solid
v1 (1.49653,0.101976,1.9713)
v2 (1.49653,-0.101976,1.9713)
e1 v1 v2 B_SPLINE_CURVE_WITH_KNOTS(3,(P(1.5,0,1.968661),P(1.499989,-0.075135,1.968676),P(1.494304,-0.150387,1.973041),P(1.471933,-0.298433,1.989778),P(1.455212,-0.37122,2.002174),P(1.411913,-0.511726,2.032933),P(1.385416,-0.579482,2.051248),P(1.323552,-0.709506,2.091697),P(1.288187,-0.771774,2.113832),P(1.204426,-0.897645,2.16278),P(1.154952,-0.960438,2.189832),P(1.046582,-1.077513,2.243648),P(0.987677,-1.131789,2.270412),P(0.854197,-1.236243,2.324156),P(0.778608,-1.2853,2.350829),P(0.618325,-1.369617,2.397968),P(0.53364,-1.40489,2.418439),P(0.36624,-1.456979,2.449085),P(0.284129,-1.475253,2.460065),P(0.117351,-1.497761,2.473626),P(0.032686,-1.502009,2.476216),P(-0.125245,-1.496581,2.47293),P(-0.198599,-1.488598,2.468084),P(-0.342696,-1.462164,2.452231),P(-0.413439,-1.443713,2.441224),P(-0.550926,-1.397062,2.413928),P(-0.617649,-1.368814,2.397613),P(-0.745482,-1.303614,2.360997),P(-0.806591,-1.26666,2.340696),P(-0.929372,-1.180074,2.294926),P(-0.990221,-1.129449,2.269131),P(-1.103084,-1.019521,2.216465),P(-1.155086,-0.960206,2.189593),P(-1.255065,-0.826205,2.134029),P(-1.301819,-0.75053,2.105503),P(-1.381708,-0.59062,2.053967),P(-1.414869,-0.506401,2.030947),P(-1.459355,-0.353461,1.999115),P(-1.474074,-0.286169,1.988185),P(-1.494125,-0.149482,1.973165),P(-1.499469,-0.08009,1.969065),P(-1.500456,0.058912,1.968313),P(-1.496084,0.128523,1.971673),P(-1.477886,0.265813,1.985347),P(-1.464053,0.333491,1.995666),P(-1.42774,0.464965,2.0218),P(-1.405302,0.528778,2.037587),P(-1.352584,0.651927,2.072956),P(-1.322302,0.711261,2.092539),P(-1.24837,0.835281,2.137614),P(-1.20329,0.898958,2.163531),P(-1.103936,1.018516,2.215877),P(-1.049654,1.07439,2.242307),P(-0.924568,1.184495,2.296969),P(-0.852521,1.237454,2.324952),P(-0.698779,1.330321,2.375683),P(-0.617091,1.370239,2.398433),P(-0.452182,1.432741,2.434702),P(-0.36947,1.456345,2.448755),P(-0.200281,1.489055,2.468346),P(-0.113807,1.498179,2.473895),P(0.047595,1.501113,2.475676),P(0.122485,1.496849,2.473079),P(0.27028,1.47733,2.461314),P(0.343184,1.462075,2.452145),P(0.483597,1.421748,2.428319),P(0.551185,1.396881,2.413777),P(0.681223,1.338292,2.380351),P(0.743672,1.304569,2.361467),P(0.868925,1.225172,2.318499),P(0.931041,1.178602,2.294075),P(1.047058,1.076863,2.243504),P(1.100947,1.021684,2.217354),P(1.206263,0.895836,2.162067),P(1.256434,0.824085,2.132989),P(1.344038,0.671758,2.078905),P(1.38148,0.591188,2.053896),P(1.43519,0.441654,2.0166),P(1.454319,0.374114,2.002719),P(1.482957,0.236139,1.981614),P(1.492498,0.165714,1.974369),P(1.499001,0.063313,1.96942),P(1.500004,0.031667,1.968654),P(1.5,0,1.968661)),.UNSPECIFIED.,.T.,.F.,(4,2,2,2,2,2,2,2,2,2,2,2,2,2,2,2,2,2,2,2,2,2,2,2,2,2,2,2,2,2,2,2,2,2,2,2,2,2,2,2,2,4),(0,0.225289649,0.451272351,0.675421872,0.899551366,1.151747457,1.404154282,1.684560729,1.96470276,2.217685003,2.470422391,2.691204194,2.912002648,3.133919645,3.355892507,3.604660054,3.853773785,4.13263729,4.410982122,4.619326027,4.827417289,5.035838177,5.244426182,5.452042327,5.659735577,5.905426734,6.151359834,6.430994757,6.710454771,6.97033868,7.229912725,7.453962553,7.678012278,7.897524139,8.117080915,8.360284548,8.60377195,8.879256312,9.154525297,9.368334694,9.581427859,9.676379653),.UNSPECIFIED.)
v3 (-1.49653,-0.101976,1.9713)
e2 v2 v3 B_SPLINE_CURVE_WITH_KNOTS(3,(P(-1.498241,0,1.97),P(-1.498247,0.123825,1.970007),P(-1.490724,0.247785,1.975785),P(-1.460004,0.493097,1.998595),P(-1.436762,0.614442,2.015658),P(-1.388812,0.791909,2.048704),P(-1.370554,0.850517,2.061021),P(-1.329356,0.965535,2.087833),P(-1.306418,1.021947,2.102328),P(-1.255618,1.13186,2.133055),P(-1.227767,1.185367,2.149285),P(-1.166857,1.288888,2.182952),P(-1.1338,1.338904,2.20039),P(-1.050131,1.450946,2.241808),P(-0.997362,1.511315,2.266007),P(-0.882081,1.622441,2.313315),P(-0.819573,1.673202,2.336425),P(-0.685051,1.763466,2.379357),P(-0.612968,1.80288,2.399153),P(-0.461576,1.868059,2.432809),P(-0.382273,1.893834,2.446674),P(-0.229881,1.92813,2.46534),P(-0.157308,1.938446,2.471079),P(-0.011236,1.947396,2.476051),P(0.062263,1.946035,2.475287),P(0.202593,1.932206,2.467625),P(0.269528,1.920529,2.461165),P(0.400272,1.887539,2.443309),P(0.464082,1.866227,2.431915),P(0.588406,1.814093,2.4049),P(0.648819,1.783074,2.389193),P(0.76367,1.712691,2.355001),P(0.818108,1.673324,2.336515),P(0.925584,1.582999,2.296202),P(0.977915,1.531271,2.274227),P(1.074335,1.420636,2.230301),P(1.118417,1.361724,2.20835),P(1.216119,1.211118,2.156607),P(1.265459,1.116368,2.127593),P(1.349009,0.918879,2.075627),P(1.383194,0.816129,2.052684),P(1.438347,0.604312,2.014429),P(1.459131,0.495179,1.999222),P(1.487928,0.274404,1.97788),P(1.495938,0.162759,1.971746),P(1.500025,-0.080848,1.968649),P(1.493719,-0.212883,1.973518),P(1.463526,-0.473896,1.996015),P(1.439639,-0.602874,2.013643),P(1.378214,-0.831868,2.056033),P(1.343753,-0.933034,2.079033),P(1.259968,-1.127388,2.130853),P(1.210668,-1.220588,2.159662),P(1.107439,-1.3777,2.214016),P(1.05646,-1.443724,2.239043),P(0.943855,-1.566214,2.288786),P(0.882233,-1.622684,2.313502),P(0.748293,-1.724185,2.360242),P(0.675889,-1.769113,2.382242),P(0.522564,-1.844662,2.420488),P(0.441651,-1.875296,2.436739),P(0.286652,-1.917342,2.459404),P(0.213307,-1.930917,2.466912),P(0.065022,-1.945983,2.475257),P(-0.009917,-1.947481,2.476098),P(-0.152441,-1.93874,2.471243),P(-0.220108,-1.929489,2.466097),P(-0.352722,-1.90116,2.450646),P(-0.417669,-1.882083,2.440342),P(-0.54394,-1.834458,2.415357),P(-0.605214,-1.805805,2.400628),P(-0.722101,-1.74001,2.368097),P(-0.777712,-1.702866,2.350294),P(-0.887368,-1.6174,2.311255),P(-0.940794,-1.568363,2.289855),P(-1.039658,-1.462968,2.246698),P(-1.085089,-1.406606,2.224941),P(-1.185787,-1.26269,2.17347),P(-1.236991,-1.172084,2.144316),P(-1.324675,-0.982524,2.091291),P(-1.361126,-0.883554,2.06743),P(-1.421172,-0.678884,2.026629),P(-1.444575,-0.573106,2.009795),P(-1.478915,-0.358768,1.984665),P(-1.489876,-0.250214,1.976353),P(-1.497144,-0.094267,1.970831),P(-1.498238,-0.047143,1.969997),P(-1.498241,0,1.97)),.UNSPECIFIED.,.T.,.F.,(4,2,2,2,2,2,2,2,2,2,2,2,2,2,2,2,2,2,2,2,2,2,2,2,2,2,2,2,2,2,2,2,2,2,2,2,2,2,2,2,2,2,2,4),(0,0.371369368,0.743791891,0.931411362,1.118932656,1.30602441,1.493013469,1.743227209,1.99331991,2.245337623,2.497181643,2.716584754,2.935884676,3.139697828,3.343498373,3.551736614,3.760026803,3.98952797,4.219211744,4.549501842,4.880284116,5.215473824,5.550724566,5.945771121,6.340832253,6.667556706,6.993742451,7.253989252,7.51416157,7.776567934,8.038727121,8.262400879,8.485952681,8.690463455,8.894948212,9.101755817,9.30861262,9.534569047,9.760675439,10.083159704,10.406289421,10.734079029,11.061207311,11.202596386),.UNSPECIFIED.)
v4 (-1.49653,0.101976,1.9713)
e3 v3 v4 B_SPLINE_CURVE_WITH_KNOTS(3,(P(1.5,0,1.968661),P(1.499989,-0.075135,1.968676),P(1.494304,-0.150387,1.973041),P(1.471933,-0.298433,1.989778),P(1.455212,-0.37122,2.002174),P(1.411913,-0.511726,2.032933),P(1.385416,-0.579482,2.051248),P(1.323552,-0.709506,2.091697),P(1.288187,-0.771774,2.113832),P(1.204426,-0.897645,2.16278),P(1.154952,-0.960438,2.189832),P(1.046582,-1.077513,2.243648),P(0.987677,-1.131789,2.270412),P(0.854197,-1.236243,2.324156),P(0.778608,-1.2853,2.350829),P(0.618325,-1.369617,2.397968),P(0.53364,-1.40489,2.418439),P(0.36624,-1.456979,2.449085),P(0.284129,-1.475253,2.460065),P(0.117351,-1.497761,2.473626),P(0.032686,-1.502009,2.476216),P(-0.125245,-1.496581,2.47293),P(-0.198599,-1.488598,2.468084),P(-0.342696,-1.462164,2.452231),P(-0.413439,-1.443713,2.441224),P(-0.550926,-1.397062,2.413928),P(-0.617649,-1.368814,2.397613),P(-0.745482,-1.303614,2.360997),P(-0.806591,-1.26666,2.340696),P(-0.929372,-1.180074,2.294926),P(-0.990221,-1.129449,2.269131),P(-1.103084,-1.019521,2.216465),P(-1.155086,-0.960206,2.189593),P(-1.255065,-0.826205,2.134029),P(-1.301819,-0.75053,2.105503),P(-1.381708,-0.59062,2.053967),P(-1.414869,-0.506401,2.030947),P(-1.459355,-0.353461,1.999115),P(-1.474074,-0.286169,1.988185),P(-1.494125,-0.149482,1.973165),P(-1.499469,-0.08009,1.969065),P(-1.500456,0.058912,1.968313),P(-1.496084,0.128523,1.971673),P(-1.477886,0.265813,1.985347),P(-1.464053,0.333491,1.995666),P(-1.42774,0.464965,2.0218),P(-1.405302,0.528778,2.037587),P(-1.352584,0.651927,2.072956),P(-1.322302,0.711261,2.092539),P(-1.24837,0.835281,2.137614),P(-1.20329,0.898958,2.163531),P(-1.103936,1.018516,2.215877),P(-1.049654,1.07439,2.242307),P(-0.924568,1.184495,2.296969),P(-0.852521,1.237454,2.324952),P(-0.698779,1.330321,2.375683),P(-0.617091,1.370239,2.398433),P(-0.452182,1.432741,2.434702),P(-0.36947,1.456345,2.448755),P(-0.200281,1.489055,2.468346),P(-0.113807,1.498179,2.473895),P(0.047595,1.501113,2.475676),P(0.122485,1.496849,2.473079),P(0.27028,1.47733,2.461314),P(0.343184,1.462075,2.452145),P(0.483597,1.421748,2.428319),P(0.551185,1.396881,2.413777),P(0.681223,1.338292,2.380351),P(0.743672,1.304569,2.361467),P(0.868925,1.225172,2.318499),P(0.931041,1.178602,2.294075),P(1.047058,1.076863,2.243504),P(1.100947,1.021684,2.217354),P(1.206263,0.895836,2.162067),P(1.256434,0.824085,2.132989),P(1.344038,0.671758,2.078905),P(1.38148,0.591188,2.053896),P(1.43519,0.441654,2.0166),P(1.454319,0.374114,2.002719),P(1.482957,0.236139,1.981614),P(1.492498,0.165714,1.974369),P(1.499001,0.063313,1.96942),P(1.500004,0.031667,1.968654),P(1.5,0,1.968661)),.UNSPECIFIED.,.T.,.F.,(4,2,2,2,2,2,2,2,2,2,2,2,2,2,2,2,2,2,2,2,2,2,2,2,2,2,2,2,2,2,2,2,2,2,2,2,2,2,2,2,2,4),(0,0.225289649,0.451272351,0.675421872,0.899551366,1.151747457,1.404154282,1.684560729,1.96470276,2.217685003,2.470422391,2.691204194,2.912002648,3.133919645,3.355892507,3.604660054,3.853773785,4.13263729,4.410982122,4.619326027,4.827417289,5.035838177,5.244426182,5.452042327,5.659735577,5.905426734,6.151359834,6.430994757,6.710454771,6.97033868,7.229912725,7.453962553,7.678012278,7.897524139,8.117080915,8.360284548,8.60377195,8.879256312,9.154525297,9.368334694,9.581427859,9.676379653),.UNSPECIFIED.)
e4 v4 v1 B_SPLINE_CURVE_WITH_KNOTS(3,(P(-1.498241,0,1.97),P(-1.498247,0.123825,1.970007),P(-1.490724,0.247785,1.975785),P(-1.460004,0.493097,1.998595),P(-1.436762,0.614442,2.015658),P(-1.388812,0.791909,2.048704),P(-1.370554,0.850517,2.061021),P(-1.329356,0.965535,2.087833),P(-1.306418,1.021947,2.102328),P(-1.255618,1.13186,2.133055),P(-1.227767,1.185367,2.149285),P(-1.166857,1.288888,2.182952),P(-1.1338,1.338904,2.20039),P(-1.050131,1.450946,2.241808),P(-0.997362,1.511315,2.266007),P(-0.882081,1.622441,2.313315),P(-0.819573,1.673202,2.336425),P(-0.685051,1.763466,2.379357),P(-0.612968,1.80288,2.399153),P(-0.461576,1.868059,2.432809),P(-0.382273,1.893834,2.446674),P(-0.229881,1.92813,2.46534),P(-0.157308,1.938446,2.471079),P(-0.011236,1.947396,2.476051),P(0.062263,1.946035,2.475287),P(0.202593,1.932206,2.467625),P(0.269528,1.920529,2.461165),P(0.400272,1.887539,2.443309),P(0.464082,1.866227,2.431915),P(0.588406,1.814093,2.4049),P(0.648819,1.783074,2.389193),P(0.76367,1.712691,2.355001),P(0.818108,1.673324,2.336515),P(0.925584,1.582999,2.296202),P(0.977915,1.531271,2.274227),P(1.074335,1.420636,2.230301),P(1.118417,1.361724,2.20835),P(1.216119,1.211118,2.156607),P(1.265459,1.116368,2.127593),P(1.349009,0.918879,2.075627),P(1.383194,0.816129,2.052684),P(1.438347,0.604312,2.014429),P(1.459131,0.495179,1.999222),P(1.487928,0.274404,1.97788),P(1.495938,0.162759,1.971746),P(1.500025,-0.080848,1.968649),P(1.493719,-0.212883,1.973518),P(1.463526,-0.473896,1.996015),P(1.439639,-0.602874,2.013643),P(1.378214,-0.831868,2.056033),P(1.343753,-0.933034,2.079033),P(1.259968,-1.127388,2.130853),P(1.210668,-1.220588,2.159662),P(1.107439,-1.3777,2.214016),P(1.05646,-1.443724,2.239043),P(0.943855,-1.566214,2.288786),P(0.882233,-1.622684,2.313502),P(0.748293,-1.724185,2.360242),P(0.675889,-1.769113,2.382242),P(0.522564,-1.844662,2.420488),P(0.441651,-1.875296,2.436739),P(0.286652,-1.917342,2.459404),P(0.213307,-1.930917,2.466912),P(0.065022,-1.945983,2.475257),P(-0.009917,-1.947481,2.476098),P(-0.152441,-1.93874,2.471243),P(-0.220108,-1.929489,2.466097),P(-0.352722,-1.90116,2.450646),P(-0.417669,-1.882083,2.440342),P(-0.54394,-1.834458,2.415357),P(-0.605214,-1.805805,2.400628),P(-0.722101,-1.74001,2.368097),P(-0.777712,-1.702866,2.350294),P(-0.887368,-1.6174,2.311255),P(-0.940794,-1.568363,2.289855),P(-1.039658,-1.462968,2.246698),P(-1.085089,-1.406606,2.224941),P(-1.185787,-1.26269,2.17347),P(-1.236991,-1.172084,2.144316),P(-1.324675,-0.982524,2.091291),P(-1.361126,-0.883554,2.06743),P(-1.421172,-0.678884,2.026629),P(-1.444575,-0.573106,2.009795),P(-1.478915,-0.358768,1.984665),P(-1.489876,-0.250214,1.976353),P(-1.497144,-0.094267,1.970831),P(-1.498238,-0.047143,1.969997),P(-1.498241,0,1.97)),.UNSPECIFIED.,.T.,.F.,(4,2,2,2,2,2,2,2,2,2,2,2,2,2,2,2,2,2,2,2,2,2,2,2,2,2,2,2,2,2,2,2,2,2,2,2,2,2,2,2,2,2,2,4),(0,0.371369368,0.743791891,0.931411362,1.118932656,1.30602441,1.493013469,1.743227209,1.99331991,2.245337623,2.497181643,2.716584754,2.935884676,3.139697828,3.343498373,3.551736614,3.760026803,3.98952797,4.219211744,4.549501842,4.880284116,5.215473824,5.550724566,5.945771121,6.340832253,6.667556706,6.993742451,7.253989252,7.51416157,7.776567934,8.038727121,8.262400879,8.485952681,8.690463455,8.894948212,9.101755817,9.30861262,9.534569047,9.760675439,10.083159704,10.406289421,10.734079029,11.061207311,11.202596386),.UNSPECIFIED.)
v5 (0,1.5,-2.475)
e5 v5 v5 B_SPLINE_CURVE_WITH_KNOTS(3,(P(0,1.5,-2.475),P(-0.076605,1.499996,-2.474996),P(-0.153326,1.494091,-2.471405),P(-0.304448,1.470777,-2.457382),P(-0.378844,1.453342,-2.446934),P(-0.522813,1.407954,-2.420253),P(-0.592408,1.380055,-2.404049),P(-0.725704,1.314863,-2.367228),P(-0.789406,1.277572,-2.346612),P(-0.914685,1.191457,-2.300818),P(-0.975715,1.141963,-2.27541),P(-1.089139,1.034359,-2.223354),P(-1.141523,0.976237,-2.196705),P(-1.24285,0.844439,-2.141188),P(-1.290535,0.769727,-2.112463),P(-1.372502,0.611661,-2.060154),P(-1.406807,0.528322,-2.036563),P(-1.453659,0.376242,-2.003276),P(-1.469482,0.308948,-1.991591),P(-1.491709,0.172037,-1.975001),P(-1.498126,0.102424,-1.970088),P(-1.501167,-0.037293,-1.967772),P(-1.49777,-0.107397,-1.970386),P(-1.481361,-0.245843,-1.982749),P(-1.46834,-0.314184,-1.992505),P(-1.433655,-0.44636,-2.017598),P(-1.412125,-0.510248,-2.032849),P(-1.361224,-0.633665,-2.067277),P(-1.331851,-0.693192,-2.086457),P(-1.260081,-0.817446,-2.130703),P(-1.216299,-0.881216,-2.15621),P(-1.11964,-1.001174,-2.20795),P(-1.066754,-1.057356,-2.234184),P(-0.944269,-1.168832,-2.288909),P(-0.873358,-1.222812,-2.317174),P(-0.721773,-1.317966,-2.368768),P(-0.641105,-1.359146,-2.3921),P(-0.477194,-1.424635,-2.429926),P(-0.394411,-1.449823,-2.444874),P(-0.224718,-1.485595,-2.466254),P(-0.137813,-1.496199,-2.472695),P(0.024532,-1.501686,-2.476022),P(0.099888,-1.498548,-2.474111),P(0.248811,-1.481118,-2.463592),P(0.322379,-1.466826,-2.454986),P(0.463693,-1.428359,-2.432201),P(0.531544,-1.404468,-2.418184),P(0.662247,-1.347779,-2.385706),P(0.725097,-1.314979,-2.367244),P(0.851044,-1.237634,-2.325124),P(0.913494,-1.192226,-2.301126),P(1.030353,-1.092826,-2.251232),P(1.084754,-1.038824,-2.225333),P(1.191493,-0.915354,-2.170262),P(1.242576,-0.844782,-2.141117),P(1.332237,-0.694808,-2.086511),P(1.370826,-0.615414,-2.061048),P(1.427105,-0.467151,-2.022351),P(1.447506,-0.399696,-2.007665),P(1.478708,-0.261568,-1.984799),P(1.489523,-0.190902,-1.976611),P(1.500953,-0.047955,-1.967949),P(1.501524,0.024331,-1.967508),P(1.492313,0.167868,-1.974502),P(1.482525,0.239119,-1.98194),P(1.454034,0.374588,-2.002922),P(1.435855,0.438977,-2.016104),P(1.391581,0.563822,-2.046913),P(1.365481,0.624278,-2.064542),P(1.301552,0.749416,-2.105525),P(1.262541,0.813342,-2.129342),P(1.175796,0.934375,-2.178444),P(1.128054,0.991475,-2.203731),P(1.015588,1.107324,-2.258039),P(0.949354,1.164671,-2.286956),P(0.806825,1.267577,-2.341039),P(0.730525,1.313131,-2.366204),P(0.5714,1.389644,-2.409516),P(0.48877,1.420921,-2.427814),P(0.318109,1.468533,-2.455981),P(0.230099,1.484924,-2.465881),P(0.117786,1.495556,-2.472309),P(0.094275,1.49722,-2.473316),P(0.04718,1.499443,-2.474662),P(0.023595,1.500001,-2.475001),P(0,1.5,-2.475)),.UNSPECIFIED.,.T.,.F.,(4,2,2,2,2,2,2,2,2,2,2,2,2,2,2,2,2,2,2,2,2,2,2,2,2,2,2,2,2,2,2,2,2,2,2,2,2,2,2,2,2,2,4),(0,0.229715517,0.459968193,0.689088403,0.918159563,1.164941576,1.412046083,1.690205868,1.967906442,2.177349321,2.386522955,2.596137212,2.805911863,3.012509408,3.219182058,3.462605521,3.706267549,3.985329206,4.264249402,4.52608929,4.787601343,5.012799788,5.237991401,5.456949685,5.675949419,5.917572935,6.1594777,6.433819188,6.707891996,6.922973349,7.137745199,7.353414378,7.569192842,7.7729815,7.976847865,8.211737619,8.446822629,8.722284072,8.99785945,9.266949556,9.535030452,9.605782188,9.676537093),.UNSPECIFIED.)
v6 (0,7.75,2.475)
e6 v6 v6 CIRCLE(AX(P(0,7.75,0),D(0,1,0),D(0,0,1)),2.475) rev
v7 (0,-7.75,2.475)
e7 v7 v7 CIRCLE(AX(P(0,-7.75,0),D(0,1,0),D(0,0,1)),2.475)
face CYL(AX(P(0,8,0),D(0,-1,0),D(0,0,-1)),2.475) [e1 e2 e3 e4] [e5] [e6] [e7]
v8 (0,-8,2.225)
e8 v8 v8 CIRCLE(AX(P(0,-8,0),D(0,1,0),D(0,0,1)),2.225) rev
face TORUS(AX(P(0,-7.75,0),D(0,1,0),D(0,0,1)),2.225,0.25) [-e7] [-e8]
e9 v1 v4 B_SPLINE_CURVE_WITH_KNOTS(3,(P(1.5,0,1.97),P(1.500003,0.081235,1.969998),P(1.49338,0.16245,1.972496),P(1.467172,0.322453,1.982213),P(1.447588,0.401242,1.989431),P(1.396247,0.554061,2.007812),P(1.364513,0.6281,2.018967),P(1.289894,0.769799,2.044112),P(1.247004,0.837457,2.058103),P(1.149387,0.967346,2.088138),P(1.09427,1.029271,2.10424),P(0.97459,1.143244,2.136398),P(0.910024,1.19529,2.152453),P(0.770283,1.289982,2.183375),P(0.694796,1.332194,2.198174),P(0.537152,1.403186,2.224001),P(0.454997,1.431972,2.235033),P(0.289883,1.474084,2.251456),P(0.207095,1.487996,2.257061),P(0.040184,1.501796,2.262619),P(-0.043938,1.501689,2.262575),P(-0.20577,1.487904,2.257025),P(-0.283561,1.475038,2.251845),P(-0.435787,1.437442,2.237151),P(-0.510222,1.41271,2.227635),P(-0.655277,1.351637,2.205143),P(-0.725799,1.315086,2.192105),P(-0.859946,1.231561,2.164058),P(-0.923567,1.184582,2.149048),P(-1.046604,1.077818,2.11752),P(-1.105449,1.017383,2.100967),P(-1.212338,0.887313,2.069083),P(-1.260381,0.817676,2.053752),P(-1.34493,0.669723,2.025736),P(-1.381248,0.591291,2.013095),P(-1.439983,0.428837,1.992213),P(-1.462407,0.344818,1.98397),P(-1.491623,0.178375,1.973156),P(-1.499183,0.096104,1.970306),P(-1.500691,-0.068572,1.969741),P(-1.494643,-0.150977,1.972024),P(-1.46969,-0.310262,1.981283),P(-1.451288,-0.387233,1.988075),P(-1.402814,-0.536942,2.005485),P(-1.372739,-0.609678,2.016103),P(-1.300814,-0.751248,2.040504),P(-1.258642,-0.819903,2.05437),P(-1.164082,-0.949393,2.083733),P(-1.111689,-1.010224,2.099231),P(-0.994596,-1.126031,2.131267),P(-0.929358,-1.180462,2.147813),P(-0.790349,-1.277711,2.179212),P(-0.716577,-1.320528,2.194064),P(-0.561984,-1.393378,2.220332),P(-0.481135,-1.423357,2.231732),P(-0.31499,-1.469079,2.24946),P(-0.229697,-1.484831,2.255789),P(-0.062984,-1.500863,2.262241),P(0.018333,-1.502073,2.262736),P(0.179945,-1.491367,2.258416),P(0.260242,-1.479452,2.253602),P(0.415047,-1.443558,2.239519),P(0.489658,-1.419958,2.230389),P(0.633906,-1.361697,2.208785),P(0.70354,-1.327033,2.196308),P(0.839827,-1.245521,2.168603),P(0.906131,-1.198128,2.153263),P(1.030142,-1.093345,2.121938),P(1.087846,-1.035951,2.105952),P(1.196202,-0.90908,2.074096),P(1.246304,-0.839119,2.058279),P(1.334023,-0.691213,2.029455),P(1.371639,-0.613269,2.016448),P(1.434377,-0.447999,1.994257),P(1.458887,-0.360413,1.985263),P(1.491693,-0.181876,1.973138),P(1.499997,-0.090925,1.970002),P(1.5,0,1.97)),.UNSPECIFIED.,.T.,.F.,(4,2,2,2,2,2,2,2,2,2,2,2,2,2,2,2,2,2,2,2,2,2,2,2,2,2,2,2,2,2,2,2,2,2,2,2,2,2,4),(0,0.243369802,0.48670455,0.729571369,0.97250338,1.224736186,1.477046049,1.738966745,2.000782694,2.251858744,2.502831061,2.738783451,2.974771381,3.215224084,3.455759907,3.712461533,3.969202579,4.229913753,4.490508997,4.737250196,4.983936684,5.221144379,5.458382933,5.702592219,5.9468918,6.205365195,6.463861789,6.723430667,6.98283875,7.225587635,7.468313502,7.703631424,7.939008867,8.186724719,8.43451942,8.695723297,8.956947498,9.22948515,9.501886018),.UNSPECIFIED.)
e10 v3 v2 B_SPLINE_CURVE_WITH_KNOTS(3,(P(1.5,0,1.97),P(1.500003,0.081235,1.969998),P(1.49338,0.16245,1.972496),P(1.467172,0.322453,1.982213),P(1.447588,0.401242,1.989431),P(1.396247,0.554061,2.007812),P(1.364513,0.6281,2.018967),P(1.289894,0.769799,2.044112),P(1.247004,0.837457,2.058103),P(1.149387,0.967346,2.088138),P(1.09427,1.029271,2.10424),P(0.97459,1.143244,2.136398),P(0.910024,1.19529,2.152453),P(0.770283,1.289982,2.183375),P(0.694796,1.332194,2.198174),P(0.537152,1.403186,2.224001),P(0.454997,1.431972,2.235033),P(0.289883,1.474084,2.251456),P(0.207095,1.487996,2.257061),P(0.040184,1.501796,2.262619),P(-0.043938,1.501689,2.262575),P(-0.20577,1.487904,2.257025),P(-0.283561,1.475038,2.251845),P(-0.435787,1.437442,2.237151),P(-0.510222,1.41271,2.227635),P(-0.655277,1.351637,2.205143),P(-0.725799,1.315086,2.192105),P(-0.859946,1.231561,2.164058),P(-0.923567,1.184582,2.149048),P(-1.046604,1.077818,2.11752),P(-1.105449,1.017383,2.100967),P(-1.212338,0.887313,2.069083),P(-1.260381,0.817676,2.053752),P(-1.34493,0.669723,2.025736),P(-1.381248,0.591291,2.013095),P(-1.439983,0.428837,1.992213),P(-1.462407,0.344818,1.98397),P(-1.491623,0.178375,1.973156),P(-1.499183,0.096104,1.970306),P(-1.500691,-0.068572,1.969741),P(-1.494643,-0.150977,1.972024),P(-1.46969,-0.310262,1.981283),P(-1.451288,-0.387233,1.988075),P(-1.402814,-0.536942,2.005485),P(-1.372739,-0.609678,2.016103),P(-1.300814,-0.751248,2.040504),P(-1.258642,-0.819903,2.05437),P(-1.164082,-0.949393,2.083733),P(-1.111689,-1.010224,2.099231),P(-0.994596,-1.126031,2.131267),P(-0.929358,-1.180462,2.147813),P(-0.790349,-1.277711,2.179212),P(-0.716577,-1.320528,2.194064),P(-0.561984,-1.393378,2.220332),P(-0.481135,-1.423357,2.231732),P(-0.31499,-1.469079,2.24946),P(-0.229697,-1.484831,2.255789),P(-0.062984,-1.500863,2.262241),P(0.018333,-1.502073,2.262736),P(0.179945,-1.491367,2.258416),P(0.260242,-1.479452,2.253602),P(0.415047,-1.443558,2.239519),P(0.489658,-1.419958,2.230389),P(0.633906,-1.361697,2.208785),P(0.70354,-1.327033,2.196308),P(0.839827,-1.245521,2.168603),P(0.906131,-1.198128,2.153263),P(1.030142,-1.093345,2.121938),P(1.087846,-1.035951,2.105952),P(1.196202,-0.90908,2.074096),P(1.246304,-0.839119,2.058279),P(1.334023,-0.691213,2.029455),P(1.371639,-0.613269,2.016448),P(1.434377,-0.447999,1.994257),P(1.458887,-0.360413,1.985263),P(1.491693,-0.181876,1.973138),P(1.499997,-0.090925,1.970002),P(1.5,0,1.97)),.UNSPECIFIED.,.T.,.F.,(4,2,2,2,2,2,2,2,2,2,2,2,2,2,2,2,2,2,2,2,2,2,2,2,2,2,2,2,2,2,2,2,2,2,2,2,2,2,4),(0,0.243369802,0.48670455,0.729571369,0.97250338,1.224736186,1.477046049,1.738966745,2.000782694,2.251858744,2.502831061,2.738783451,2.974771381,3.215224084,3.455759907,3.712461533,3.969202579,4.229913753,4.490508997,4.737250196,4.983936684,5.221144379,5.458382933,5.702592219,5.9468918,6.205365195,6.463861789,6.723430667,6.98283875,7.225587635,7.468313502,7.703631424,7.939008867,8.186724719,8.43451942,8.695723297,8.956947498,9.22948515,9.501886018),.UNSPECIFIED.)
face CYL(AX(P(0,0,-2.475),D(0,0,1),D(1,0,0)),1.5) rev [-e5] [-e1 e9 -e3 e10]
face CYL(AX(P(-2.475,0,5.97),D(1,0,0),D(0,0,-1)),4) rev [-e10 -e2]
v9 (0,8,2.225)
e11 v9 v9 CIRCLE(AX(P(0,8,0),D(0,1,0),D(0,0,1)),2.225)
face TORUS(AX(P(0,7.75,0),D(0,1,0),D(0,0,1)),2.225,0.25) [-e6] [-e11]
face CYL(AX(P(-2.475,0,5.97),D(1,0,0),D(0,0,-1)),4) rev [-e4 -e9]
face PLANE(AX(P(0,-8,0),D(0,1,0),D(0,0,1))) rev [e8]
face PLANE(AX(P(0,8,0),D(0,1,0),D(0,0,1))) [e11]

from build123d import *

# Parameters (mm, degrees)
SKETCH1_R               = 2.475
BOSS_EXTRUDE1_DEPTH     = 8
CUT_EXTRUDE1_DEPTH      = 9.732196173
CUT_EXTRUDE1_DEPTH_BACK = 9.732196173
SKETCH2_R               = 1.5
CUT_EXTRUDE3_DEPTH      = 9.732196321
CUT_EXTRUDE3_DEPTH_BACK = 9.732196321
SKETCH5_R               = 4
FILLET1_R               = 0.25


with BuildPart() as part:
    # Sketch1 → Boss-Extrude1 (new, symmetric)
    with BuildSketch(Plane(origin=(0, 0, 0), x_dir=(1, 0, 0), z_dir=(0, 1, 0))):
        with Locations(Location((0, 0, 0), (0, 0, 270))):
            Circle(SKETCH1_R)
    extrude(amount=BOSS_EXTRUDE1_DEPTH, both=True)

    # Sketch2 → Cut-Extrude1 (cut, two sides: drawn at the far end of the back side and taken through both)
    with BuildSketch(Plane.XY.offset(-CUT_EXTRUDE1_DEPTH_BACK)):
        with Locations(Location((0, 0, 0), (0, 0, 89.999999987))):
            Circle(SKETCH2_R)
    extrude(amount=CUT_EXTRUDE1_DEPTH + CUT_EXTRUDE1_DEPTH_BACK, mode=Mode.SUBTRACT)

    # Sketch5 → Cut-Extrude3 (cut, two sides: drawn at the far end of the back side and taken through both)
    with BuildSketch(Plane(origin=(0, 0, 0), x_dir=(0, 0, -1), z_dir=(1, 0, 0)).offset(-CUT_EXTRUDE3_DEPTH_BACK)):
        with Locations((-5.97, 0)):
            Circle(SKETCH5_R)
    extrude(amount=CUT_EXTRUDE3_DEPTH + CUT_EXTRUDE3_DEPTH_BACK, mode=Mode.SUBTRACT)

    # Fillet1
    fillet1_edges = [part.edges().sort_by_distance(p)[0] for p in [
        (0, -8, -2.475),
        (0, 8, -2.475),
    ]]
    fillet(fillet1_edges, radius=FILLET1_R)


solid = part.part
